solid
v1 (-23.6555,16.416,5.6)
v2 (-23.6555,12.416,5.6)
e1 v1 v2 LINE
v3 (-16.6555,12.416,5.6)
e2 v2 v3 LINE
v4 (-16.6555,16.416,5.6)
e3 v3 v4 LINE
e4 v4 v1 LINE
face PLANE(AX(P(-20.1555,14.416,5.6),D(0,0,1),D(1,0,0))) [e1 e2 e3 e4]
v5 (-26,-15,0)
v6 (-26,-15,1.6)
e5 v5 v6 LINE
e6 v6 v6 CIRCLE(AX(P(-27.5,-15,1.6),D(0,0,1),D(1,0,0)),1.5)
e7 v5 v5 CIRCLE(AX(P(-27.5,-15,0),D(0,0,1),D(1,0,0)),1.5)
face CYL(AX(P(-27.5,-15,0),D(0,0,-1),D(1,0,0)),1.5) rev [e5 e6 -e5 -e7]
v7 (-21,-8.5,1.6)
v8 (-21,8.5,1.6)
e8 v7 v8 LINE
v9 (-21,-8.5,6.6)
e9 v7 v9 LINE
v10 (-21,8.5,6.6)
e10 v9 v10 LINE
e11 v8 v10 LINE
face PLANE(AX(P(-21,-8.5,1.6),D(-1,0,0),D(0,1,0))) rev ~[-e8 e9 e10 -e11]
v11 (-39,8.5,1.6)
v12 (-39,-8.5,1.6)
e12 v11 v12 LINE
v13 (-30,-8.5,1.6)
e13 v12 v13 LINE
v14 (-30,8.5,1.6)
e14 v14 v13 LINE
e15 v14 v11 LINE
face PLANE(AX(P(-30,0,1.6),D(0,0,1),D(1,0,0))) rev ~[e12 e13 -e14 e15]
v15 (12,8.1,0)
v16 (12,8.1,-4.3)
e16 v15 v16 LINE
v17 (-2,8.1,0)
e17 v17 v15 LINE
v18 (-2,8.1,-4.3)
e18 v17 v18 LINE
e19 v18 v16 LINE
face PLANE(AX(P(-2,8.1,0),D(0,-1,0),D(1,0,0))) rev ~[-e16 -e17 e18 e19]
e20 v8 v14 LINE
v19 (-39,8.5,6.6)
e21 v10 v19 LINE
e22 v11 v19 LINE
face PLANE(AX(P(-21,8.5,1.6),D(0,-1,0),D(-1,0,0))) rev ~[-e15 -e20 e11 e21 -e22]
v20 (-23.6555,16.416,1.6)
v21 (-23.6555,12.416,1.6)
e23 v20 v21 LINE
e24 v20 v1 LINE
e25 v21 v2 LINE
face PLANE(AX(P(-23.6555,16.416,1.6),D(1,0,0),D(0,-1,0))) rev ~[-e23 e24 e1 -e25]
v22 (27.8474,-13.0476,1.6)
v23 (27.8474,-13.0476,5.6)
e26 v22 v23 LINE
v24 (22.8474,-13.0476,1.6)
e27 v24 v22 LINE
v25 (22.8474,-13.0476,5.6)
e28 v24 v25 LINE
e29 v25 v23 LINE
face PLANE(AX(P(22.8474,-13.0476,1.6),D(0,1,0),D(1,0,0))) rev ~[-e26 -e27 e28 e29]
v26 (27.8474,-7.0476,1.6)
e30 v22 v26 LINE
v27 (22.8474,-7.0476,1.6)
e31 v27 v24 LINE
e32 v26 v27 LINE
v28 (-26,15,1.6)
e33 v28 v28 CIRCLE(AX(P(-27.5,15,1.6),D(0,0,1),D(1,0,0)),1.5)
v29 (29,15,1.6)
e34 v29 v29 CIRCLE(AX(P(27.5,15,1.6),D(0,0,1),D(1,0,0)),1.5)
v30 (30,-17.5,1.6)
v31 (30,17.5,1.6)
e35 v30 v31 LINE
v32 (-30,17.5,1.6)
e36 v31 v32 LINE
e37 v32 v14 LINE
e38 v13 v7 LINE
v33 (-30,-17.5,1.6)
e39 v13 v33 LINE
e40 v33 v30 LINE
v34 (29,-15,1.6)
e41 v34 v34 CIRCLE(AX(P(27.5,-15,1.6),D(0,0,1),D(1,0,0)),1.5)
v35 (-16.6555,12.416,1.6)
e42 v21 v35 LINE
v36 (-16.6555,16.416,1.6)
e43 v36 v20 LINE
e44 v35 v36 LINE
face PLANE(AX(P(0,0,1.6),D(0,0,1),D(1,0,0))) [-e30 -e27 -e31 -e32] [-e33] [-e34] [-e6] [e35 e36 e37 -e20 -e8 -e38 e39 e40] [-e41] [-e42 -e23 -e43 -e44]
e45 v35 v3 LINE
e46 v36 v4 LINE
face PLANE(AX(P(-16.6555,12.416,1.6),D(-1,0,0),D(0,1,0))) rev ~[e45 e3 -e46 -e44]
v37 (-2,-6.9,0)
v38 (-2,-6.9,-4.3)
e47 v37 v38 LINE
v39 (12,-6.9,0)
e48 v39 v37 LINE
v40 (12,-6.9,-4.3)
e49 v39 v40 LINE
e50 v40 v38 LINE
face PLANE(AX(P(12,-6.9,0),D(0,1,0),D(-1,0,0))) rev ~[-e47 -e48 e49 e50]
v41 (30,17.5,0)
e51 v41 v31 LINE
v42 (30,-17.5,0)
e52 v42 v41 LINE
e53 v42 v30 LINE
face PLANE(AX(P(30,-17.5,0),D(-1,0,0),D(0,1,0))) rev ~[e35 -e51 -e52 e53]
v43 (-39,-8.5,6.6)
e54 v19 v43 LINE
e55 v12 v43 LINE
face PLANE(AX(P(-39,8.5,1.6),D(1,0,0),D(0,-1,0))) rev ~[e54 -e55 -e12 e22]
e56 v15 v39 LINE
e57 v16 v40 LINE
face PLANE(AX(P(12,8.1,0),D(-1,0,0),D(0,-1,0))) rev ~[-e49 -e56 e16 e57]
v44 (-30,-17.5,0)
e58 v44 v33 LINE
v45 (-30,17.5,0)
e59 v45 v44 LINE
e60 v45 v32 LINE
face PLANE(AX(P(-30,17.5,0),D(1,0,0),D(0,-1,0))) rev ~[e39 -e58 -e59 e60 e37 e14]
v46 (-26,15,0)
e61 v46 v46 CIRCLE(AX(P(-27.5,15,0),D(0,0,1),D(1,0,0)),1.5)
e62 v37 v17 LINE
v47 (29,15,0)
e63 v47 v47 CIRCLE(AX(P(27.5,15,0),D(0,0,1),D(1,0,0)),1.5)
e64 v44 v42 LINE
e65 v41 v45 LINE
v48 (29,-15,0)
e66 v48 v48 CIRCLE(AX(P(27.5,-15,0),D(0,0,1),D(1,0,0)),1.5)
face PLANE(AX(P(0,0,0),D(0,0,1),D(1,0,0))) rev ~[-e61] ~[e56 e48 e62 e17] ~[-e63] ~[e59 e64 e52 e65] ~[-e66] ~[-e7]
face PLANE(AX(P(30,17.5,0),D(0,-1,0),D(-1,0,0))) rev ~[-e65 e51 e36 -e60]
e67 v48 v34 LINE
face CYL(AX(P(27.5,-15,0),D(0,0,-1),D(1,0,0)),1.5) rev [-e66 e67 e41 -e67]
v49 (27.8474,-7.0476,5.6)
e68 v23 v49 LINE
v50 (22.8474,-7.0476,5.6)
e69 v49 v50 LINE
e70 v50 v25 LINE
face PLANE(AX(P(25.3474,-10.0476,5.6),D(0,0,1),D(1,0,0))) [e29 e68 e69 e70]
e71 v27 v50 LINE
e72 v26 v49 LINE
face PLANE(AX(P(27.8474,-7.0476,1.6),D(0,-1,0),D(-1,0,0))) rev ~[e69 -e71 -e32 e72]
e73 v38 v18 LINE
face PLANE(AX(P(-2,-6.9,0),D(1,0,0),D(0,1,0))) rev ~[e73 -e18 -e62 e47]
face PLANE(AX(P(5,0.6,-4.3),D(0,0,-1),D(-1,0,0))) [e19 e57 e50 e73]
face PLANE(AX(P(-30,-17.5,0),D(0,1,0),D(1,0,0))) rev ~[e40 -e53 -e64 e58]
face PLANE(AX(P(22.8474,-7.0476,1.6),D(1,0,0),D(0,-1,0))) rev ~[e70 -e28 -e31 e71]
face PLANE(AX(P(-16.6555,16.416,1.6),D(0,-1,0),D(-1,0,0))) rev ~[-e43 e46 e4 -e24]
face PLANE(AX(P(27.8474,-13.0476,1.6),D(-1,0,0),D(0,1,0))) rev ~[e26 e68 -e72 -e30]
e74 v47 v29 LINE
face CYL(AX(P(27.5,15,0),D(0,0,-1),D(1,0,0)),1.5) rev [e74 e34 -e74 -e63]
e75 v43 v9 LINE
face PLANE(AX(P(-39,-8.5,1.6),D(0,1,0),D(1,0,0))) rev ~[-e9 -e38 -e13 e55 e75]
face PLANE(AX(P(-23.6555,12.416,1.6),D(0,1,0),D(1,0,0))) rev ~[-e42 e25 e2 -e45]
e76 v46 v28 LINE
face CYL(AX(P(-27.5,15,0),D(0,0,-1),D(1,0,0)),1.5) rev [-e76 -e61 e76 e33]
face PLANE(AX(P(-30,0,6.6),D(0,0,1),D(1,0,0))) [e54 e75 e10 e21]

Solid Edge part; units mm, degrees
sketch "Sketch1" plane through (0, 0, 0) normal (0, 0, 1) x (1, 0, 0)
  line L0 (-30, -17.5) -> (30, -17.5)
  line L1 (30, -17.5) -> (30, 17.5)
  line L2 (30, 17.5) -> (-30, 17.5)
  line L3 (-30, 17.5) -> (-30, -17.5)
  circle A0 centre (-27.5, -15) radius 1.5
  circle A1 centre (-27.5, 15) radius 1.5
  circle A2 centre (27.5, -15) radius 1.5
  circle A3 centre (27.5, 15) radius 1.5
  dimension "D1" = 60
  dimension "D2" = 35
  dimension "D3" = 55
  dimension "D4" = 30
  dimension "D5" = 3
extrude "Protrusion1" add sketch "Sketch1" along normal blind 1.6
sketch "Sketch2" plane through (0, 0, 1.6) normal (0, 0, 1) x (1, 0, 0)
  line L0 (-39, 8.5) -> (-39, -8.5)
  line L1 (-39, -8.5) -> (-21, -8.5)
  line L2 (-21, -8.5) -> (-21, 8.5)
  line L3 (-21, 8.5) -> (-39, 8.5)
extrude "ExtrudedProtrusion_2" add sketch "Sketch2" along normal blind 5
sketch "Sketch3" plane through (0, 0, 1.6) normal (0, 0, 1) x (1, 0, 0)
  line L0 (-23.6555, 12.416) -> (-16.6555, 12.416)
  line L1 (-16.6555, 12.416) -> (-16.6555, 16.416)
  line L2 (-16.6555, 16.416) -> (-23.6555, 16.416)
  line L3 (-23.6555, 16.416) -> (-23.6555, 12.416)
  line L4 (27.8474, -13.0476) -> (27.8474, -7.0476)
  line L5 (27.8474, -7.0476) -> (22.8474, -7.0476)
  line L6 (22.8474, -7.0476) -> (22.8474, -13.0476)
  line L7 (22.8474, -13.0476) -> (27.8474, -13.0476)
  dimension "D1" = 18
  dimension "D2" = 17
  dimension "D3" = 9
  dimension "D4" = 7
  dimension "D5" = 4
  dimension "D6" = 6
  dimension "D7" = 5
extrude "ExtrudedProtrusion_3" add sketch "Sketch3" along normal blind 4
sketch "Sketch4" plane through (0, 0, 0) normal (0, 0, -1) x (1, 0, 0)
  line L0 (12, 6.9) -> (-2, 6.9)
  line L1 (-2, 6.9) -> (-2, -8.1)
  line L2 (-2, -8.1) -> (12, -8.1)
  line L3 (12, -8.1) -> (12, 6.9)
extrude "ExtrudedProtrusion_4" add sketch "Sketch4" along normal blind 4.3
properties material "Polycarbonate"
